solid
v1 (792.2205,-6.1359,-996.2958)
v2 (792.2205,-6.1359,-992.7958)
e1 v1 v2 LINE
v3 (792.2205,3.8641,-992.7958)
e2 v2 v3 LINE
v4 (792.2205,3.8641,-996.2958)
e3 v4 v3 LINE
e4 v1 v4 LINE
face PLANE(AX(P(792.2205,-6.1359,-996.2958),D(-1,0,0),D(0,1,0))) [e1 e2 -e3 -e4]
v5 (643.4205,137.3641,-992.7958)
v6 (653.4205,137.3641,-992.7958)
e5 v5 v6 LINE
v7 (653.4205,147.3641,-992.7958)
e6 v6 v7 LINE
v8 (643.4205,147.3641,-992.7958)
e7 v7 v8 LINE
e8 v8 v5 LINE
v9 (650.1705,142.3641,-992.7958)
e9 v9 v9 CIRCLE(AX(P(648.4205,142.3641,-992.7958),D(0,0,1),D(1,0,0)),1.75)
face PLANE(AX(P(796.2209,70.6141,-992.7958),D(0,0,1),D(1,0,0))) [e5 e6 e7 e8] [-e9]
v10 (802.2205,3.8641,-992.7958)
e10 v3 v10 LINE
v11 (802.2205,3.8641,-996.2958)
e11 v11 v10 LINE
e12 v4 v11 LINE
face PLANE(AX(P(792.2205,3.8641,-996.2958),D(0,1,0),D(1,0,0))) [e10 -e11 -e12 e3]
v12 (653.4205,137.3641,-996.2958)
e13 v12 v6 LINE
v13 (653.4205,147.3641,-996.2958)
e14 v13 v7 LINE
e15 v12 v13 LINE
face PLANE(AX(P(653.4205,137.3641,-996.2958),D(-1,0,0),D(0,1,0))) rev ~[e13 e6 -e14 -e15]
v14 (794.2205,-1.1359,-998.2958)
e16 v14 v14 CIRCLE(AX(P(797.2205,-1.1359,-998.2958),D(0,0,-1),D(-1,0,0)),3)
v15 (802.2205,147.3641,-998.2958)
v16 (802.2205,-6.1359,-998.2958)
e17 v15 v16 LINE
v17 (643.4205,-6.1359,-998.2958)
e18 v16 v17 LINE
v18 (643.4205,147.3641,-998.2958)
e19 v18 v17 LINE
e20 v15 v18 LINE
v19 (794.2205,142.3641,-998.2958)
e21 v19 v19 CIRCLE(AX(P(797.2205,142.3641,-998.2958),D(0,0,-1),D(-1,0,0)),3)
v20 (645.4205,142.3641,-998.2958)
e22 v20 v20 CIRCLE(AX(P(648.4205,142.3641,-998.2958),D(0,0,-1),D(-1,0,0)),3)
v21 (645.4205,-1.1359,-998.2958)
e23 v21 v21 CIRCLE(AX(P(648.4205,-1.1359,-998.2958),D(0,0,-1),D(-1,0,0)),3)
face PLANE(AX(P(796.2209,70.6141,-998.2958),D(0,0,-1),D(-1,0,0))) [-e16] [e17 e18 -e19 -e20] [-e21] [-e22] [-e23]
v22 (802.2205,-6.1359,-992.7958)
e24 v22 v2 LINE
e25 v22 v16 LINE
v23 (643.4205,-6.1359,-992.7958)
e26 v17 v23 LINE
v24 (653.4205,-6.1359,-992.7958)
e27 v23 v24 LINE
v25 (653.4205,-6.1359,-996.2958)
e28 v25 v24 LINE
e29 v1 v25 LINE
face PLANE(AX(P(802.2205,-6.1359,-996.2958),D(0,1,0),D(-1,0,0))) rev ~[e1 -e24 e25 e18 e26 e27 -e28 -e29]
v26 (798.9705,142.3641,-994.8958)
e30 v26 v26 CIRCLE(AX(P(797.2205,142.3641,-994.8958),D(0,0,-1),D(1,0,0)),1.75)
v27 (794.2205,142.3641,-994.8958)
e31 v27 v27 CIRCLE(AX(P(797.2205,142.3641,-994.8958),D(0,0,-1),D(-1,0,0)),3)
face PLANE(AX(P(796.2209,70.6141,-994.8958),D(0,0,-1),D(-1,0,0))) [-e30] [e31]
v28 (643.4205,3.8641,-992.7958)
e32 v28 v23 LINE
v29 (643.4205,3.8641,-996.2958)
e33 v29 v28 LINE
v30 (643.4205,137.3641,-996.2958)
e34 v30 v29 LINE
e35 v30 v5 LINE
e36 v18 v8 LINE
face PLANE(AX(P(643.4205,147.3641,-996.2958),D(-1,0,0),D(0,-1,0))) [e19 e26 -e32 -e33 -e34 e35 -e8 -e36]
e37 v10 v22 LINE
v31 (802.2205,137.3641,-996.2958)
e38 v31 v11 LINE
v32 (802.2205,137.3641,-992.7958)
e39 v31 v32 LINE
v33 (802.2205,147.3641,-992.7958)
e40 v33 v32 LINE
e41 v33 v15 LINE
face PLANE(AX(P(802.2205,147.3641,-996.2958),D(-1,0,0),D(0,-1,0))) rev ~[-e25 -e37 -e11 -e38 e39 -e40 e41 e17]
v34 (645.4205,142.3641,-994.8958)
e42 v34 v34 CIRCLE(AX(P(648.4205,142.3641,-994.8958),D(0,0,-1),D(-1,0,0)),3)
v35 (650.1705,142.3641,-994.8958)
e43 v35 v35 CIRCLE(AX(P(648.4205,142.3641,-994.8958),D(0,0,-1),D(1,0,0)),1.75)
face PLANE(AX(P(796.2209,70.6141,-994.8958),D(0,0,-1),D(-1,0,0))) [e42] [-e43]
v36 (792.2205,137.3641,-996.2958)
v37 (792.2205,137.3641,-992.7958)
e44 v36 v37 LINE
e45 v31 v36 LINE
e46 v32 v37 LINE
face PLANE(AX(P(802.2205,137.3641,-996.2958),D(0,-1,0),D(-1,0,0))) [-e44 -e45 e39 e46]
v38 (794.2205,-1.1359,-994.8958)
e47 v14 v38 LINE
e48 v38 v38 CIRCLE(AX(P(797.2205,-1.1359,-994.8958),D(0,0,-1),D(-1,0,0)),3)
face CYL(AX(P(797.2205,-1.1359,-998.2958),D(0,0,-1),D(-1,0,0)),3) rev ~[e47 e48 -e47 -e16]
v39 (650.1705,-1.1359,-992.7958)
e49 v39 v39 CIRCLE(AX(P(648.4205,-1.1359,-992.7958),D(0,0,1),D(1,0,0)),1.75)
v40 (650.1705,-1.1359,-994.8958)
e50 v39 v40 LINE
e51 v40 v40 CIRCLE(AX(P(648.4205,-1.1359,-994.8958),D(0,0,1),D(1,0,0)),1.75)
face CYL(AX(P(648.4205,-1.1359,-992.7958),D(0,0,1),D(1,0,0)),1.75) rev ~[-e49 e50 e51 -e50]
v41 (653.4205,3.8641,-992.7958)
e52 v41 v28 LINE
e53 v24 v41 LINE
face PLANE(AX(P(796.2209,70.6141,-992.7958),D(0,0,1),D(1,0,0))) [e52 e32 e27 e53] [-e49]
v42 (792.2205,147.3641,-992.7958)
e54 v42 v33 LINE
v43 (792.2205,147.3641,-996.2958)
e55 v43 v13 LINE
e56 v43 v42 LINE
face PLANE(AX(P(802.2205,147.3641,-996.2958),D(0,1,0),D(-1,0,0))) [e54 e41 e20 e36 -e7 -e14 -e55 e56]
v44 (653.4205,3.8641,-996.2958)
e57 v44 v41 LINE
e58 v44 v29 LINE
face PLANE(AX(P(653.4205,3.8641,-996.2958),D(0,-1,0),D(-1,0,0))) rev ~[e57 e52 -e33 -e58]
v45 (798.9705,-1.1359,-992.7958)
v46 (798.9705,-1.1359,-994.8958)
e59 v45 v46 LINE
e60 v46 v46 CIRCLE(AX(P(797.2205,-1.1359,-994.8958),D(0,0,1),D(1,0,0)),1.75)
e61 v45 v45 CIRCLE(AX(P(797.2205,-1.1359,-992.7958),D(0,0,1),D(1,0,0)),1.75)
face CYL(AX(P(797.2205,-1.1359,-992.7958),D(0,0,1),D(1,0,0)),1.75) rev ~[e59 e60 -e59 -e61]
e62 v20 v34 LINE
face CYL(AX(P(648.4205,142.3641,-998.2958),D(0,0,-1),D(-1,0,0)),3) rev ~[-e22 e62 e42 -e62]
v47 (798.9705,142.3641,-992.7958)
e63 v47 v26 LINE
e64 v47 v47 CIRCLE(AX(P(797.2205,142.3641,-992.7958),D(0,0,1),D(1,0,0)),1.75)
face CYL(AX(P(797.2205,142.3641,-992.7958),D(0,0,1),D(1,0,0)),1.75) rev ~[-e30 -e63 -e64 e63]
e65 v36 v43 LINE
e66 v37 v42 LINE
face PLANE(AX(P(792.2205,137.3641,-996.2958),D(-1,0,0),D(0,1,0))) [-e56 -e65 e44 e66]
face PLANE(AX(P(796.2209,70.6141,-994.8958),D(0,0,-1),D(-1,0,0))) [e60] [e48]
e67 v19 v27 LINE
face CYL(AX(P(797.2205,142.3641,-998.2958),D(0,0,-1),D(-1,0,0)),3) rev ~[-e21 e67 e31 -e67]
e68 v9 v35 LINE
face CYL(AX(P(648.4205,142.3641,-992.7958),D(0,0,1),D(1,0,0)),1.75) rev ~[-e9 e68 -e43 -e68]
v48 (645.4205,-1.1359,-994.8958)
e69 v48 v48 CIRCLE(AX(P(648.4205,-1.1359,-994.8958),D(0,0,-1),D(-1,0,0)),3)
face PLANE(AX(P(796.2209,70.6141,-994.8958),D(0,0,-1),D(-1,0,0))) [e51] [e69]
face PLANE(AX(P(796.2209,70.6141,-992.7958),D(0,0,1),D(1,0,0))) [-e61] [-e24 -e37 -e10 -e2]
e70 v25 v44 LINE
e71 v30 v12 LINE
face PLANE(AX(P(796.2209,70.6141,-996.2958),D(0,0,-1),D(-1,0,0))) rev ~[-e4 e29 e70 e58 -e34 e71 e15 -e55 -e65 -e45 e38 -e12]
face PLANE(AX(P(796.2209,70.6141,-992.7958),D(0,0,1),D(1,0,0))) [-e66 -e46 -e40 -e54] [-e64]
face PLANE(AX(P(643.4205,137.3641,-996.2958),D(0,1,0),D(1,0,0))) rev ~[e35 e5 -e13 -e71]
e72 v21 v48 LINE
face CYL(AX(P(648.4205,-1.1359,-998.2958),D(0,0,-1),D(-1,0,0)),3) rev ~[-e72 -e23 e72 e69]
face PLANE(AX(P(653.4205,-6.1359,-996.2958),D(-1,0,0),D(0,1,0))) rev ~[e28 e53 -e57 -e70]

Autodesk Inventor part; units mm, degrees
ref_plane "YZ Plane" through (0, 0, 0) normal (1, 0, 0) x (0, 1, 0)
ref_plane "XZ Plane" through (0, 0, 0) normal (0, 1, 0) x (-1, 0, 0)
ref_plane "XY Plane" through (0, 0, 0) normal (0, 0, 1) x (1, 0, 0)
ref_plane "Arbeitsebene1" through (796.2209, 70.6141, -996.2958) normal (0, 0, -1) x (-1, 0, 0)
sketch "Skizze1" plane through (796.2209, 70.6141, -996.2958) normal (0, 0, -1) x (-1, 0, 0)
  line L0 (-3.9996, -76.75) -> (4.0004, -76.75) construction
  line L1 (-3.9996, 76.75) -> (-3.9996, -76.75) construction
  line L2 (4.0004, 76.75) -> (-3.9996, 76.75) construction
  line L3 (4.0004, 84.25) -> (4.0004, 76.75) construction
  line L4 (-37.8996, 84.25) -> (4.0004, 84.25) construction
  line L5 (-37.8996, 1.75) -> (-37.8996, 84.25) construction
  line L6 (-133.3996, 1.75) -> (-37.8996, 1.75) construction
  line L7 (-133.3996, -84.25) -> (-133.3996, 1.75) construction
  line L8 (4.0004, -84.25) -> (-133.3996, -84.25) construction
  line L9 (4.0004, -76.75) -> (4.0004, -84.25) construction
  line L10 (150.8004, -76.75) -> (142.8004, -76.75) construction
  line L11 (142.8004, -76.75) -> (142.8004, -84.25) construction
  line L12 (142.8004, -84.25) -> (280.2004, -84.25) construction
  line L13 (280.2004, -84.25) -> (280.2004, 1.75) construction
  line L14 (280.2004, 1.75) -> (184.7004, 1.75) construction
  line L15 (184.7004, 1.75) -> (184.7004, 84.25) construction
  line L16 (184.7004, 84.25) -> (142.8004, 84.25) construction
  line L17 (142.8004, 84.25) -> (142.8004, 76.75) construction
  line L18 (142.8004, 76.75) -> (150.8004, 76.75) construction
  line L19 (150.8004, 76.75) -> (150.8004, -76.75) construction
  line L20 (-5.9996, 76.75) -> (-5.9996, -76.75)
  line L21 (152.8004, 76.75) -> (152.8004, -76.75)
  line L22 (-5.9996, 76.75) -> (152.8004, 76.75)
  line L23 (-5.9996, -76.75) -> (152.8004, -76.75)
  point P0 (796.2209, -70.6141)
extrude "Extrusion1" add sketch "Skizze1" along normal blind 2
sketch "Skizze2" plane through (796.2209, 70.6141, -996.2958) normal (0, 0, 1) x (1, 0, 0)
  line L0 (-152.8004, -76.75) -> (-142.8004, -76.75)
  line L1 (-142.8004, -66.75) -> (-152.8004, -66.75)
  line L2 (-142.8004, -76.75) -> (-142.8004, -66.75)
  line L3 (-152.8004, -66.75) -> (-152.8004, -76.75)
  line L4 (-4.0004, -66.75) -> (5.9996, -66.75)
  line L5 (-4.0004, -76.75) -> (-4.0004, -66.75)
  line L6 (5.9996, -66.75) -> (5.9996, -76.75)
  line L7 (5.9996, -76.75) -> (-4.0004, -76.75)
  line L8 (-152.8004, 66.75) -> (-142.8004, 66.75)
  line L9 (-142.8004, 66.75) -> (-142.8004, 76.75)
  line L10 (-142.8004, 76.75) -> (-152.8004, 76.75)
  line L11 (-152.8004, 76.75) -> (-152.8004, 66.75)
  line L12 (-4.0004, 66.75) -> (-4.0004, 76.75)
  line L13 (5.9996, 66.75) -> (-4.0004, 66.75)
  line L14 (-4.0004, 76.75) -> (5.9996, 76.75)
  line L15 (5.9996, 76.75) -> (5.9996, 66.75)
  point P0 (-796.2209, -70.6141)
extrude "Extrusion2" add sketch "Skizze2" along normal blind 3.5
sketch "Skizze3" plane through (796.2209, 70.6141, -992.7958) normal (0, 0, 1) x (1, 0, 0)
  circle A0 centre (0.9996, 71.75) radius 1.75
  circle A1 centre (0.9996, -71.75) radius 1.75
  circle A2 centre (-147.8004, 71.75) radius 1.75
  circle A3 centre (-147.8004, -71.75) radius 1.75
  point P0 (-796.2209, -70.6141)
extrude "Extrusion3" cut sketch "Skizze3" against normal blind 15.5
sketch "Skizze4" plane through (796.2209, 70.6141, -998.2958) normal (0, 0, -1) x (-1, 0, 0)
  circle A0 centre (-0.9996, 71.75) radius 1.75 projected
  circle A1 centre (-0.9996, 71.75) radius 3
  circle A2 centre (-0.9996, -71.75) radius 1.75 projected
  circle A3 centre (147.8004, -71.75) radius 1.75 projected
  circle A4 centre (147.8004, 71.75) radius 1.75 projected
  circle A5 centre (147.8004, 71.75) radius 1.75 projected
  circle A6 centre (147.8004, 71.75) radius 3
  circle A7 centre (-0.9996, -71.75) radius 1.75 projected
  circle A8 centre (-0.9996, -71.75) radius 3
  circle A9 centre (147.8004, -71.75) radius 1.75 projected
  circle A10 centre (147.8004, -71.75) radius 3
  point P0 (796.2209, -70.6141)
  dimension "d20" = 6
  dimension "d21" = 6
  dimension "d22" = 6
  dimension "d23" = 6
extrude "Extrusion4" cut sketch "Skizze4" against normal blind 3.4
equation "\"d21\" = d20"
equation "\"d22\" = d21"
equation "\"d23\" = d21"
properties part number "Backplate-housing"
